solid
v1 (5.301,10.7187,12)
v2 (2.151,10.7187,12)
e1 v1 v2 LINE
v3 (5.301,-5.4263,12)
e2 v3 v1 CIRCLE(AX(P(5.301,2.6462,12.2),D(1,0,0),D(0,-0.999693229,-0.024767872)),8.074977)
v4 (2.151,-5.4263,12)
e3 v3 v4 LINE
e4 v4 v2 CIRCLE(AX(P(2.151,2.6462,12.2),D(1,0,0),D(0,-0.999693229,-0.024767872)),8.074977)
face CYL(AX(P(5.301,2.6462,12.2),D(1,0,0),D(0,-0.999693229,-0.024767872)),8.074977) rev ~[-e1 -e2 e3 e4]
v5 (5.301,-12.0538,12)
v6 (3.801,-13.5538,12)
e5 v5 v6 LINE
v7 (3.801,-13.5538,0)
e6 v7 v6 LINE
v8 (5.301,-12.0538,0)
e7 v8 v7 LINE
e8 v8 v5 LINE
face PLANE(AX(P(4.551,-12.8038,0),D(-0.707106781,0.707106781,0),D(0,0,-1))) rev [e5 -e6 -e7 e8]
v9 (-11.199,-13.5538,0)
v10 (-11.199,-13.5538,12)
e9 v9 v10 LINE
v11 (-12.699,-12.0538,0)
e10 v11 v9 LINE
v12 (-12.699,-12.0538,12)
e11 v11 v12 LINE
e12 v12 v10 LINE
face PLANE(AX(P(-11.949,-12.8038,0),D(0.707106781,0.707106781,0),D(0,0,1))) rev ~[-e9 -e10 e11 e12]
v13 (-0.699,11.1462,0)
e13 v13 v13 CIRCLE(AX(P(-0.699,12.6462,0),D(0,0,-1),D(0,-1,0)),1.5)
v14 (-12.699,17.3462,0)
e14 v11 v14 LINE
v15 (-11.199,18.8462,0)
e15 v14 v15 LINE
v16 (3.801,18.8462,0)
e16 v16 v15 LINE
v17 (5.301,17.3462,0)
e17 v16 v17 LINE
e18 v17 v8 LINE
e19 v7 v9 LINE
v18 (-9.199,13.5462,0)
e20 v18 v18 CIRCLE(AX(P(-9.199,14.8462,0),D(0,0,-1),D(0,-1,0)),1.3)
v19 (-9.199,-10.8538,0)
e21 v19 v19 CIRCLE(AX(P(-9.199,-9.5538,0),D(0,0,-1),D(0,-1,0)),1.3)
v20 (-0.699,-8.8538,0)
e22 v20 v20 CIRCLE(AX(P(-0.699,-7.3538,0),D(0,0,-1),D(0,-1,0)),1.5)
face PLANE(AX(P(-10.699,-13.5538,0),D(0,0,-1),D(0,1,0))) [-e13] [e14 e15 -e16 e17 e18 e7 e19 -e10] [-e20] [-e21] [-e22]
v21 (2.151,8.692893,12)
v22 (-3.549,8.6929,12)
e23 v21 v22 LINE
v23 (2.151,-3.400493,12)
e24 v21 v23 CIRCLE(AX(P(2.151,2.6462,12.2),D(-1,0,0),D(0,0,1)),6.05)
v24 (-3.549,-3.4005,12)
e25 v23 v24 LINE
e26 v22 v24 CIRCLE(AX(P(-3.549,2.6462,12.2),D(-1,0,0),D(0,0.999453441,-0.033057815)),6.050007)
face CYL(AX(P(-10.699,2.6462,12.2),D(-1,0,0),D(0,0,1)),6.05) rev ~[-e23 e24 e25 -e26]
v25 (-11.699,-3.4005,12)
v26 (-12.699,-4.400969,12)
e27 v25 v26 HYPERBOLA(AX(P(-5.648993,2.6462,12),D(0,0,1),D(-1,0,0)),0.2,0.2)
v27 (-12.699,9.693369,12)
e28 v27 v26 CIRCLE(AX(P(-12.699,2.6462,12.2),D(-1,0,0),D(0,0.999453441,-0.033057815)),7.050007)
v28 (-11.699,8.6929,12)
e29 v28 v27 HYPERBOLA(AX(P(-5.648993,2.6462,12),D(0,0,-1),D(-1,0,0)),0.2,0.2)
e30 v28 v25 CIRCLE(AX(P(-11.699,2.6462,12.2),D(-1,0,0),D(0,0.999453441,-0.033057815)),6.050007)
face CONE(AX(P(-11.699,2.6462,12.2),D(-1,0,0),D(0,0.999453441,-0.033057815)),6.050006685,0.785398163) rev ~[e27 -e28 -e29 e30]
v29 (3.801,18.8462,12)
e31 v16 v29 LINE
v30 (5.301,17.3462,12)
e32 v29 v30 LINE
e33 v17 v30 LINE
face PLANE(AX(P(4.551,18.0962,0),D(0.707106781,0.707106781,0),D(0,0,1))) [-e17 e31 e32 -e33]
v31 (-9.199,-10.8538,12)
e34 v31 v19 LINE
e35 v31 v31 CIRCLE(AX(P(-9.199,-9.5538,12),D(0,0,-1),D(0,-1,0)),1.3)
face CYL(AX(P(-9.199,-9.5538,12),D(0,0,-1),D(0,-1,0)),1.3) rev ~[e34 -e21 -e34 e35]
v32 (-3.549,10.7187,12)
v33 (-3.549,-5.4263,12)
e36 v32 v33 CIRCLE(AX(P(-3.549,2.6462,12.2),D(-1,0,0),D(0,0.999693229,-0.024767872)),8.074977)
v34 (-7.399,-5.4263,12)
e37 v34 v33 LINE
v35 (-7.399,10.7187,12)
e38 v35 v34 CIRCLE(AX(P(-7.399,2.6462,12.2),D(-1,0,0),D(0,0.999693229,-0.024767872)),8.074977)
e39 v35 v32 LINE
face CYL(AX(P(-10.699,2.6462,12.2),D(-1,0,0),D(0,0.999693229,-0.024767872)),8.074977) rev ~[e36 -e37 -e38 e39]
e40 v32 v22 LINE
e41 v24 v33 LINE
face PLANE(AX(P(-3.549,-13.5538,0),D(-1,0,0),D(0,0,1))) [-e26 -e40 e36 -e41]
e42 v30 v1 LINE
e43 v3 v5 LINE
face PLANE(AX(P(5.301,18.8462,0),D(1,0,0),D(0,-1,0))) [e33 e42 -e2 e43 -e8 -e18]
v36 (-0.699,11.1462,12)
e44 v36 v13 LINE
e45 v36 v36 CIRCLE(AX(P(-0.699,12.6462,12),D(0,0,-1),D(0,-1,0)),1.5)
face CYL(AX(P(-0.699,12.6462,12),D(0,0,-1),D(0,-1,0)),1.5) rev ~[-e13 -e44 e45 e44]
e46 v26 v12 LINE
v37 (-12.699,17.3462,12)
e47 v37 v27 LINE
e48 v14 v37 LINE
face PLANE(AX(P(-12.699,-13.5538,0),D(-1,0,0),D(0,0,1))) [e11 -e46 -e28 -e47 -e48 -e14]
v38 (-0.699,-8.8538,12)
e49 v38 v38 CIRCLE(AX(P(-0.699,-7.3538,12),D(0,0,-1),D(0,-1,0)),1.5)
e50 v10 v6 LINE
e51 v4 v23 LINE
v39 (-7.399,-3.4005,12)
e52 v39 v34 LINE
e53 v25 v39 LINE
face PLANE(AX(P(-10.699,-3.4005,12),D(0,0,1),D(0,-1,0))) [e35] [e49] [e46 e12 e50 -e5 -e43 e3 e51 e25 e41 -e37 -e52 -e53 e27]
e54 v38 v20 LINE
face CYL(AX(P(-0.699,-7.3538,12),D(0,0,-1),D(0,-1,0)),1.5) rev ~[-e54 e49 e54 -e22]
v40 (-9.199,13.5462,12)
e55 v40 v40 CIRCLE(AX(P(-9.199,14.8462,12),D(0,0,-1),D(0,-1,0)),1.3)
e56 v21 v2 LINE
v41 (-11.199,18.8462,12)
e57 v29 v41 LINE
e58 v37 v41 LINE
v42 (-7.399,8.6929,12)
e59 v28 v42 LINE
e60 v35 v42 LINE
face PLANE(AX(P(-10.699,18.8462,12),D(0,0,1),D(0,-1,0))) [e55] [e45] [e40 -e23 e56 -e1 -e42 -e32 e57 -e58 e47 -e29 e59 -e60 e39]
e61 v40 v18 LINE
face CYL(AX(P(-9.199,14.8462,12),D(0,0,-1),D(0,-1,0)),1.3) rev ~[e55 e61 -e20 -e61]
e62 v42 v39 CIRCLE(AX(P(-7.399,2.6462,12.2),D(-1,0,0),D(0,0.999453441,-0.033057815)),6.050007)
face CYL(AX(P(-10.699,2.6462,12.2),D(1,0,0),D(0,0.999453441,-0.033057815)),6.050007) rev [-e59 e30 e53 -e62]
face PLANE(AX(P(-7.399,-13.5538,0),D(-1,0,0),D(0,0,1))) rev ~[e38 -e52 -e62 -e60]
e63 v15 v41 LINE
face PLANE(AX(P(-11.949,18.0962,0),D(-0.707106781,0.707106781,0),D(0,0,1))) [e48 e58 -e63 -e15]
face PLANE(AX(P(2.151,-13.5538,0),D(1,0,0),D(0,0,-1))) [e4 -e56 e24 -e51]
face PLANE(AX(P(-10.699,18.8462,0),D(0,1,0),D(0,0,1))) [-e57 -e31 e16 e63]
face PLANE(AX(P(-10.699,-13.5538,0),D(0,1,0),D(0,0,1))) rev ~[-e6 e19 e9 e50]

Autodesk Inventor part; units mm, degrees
ref_plane "YZ Plane" through (0, 0, 0) normal (1, 0, 0) x (0, 1, 0)
ref_plane "XZ Plane" through (0, 0, 0) normal (0, 1, 0) x (-1, 0, 0)
ref_plane "XY Plane" through (0, 0, 0) normal (0, 0, 1) x (1, 0, 0)
sketch "Szkic1" plane through (0, 0, 0) normal (0, 0, 1) x (1, 0, 0)
  line L0 (-10.699, 18.8462) -> (5.301, 18.8462)
  line L1 (5.301, 18.8462) -> (5.301, -13.5538)
  line L2 (5.301, -13.5538) -> (-10.699, -13.5538)
  line L3 (-10.699, -13.5538) -> (-10.699, 18.8462)
  point P0 (0, 0)
  dimension "d0" = 16
  dimension "d1" = 32.4
extrude "Wyciągnięcie proste1" add sketch "Szkic1" along normal blind 12
sketch "Szkic2" plane through (-10.699, -13.5538, 0) normal (-1, 0, 0) x (0, 0, 1)
  line L0 (0, 0) -> (0, 32.4) projected
  line L1 (0, 0) -> (12, 0) projected
  line L2 (12, 32.4) -> (12, 0) projected
  line L3 (0, 32.4) -> (12, 32.4) projected
  line L4 (12, 32.4) -> (12, 0) projected
  circle A0 centre (12.2, 16.2) radius 6.05
  point P0 (0, 13.5538)
  dimension "d4" = 32.4
  dimension "d6" = 12.1
  dimension "d66" = 16.2
  dimension "d67" = 0.2
extrude "Wyciągnięcie proste2" cut sketch "Szkic2" against normal blind 13 contours A0 L2 | L2 A0
sketch "Szkic3" plane through (-10.699, -13.5538, 0) normal (-1, 0, 0) x (0, 0, 1)
  arc A0 (12, 22.2467) -> (12, 10.1533) centre (12.2, 16.2) ccw projected
  line L0 (12, 32.4) -> (12, 22.2467) projected
  line L1 (0, 32.4) -> (12, 32.4) projected
  line L2 (0, 0) -> (0, 32.4) projected
  line L3 (0, 0) -> (12, 0) projected
  line L4 (12, 10.1533) -> (12, 0) projected
  arc A1 (12, 24.2725) -> (12, 8.1275) centre (12.2, 16.2) ccw
  point P0 (0, 13.5538)
  dimension "d9" = 16.15
extrude "Wyciągnięcie proste3" cut sketch "Szkic3" against normal blind 7.15 contours A0 L4 A1 L0
extrude "Wyciągnięcie proste4" add sketch "Szkic3" against normal blind 3.3 contours A0 L4 A1 L0
sketch "Szkic6" plane through (5.301, -13.5538, 0) normal (1, 0, 0) x (0, 0, -1)
  arc A0 (-12, 8.1275) -> (-12, 24.2725) centre (-12.2, 16.2) ccw projected
  line L0 (0, 32.4) -> (0, 0) projected
  line L1 (0, 32.4) -> (-12, 32.4) projected
  line L2 (-12, 0) -> (-12, 32.4) projected
  line L3 (0, 0) -> (-12, 0) projected
  arc A1 (-12, 8.1275) -> (-12, 24.2725) centre (-12.2, 16.2) ccw
  point P0 (0, 13.5538)
extrude "Wyciągnięcie proste5" cut sketch "Szkic6" against normal blind 3.15 contours L2 A0
sketch "Szkic7" plane through (0, 0, 12) normal (0, 0, 1) x (1, 0, 0)
  line L0 (5.301, -5.4264) -> (2.151, -5.4264) projected
  line L1 (2.151, -5.4264) -> (2.151, -3.4005) projected
  line L2 (2.151, -3.4005) -> (-3.549, -3.4005) projected
  line L3 (-3.549, -3.4005) -> (-3.549, -5.4264) projected
  line L4 (-3.549, -5.4264) -> (-7.399, -5.4264) projected
  line L5 (-7.399, -3.4005) -> (-7.399, -5.4264) projected
  line L6 (-10.699, -3.4005) -> (-7.399, -3.4005) projected
  line L7 (-10.699, -3.4005) -> (-10.699, -13.5538) projected
  line L8 (-10.699, -13.5538) -> (5.301, -13.5538) projected
  line L9 (5.301, -13.5538) -> (5.301, -5.4264) projected
  line L10 (2.151, 10.7187) -> (5.301, 10.7187) projected
  line L11 (5.301, 10.7187) -> (5.301, 18.8462) projected
  line L12 (5.301, 18.8462) -> (-10.699, 18.8462) projected
  line L13 (-10.699, 18.8462) -> (-10.699, 8.6929) projected
  line L14 (-10.699, 8.6929) -> (-7.399, 8.6929) projected
  line L15 (-7.399, 10.7187) -> (-7.399, 8.6929) projected
  line L16 (-7.399, 10.7187) -> (-3.549, 10.7187) projected
  line L17 (-3.549, 10.7187) -> (-3.549, 8.6929) projected
  line L18 (-3.549, 8.6929) -> (2.151, 8.6929) projected
  line L19 (2.151, 8.6929) -> (2.151, 10.7187) projected
  point P0 (0, 0)
  point P1 (-0.699, -7.3538)
  point P2 (-0.699, 12.6462)
  dimension "d46" = 20
  dimension "d47" = 32.4
  dimension "d48" = 6.2
  dimension "d49" = 6.2
  dimension "d50" = 5.7
  dimension "d68" = 10
  dimension "d69" = 10
hole "Otwór3" at (-0.699, -7.3538, 12) at (-0.699, 12.6462, 12) direction (0, 0, -1) diameter 3 end through all
sketch "Szkic8" plane through (-10.699, -13.5538, 0) normal (-1, 0, 0) x (0, 0, 1)
  line L0 (12, 32.4) -> (12, 22.2467) projected
  line L1 (0, 32.4) -> (12, 32.4) projected
  line L2 (0, 0) -> (0, 32.4) projected
  line L3 (0, 0) -> (12, 0) projected
  line L4 (12, 10.1533) -> (12, 0) projected
  arc A0 (12, 22.2467) -> (12, 10.1533) centre (12.2, 16.2) ccw projected
  point P0 (0, 13.5538)
extrude "Wyciągnięcie proste6" add sketch "Szkic8" along normal blind 2
chamfer "Faza4" distance 1 angle 45 1 edges at (-12.699, 2.6462, 6.15)
chamfer "Faza5" distance 1.5 angle 45 4 edges at (-12.699, 18.8462, 6) (5.301, 18.8462, 6) (-12.699, -13.5538, 6) (5.301, -13.5538, 6)
sketch "Szkic9" plane through (0, 0, 12) normal (0, 0, 1) x (1, 0, 0)
  line L0 (5.301, -12.0538) -> (3.801, -13.5538) projected
  line L1 (5.301, -12.0538) -> (5.301, -5.4264) projected
  line L2 (5.301, -5.4264) -> (2.151, -5.4264) projected
  line L3 (2.151, -5.4264) -> (2.151, -3.4005) projected
  line L4 (2.151, -3.4005) -> (-3.549, -3.4005) projected
  line L5 (-3.549, -3.4005) -> (-3.549, -5.4264) projected
  line L6 (-3.549, -5.4264) -> (-7.399, -5.4264) projected
  line L7 (-7.399, -3.4005) -> (-7.399, -5.4264) projected
  line L8 (-11.699, -3.4005) -> (-7.399, -3.4005) projected
  line L9 (-12.699, -12.0538) -> (-12.699, -4.401) projected
  line L10 (-11.199, -13.5538) -> (-12.699, -12.0538) projected
  line L11 (3.801, -13.5538) -> (-11.199, -13.5538) projected
  circle A0 centre (-0.699, -7.3538) radius 1.5 projected
  line L12 (3.801, 18.8462) -> (5.301, 17.3462) projected
  line L13 (3.801, 18.8462) -> (-11.199, 18.8462) projected
  line L14 (-12.699, 17.3462) -> (-11.199, 18.8462) projected
  line L15 (-12.699, 9.6933) -> (-12.699, 17.3462) projected
  line L16 (-7.399, 8.6929) -> (-11.699, 8.6929) projected
  line L17 (-7.399, 10.7187) -> (-7.399, 8.6929) projected
  line L18 (-7.399, 10.7187) -> (-3.549, 10.7187) projected
  line L19 (-3.549, 10.7187) -> (-3.549, 8.6929) projected
  line L20 (-3.549, 8.6929) -> (2.151, 8.6929) projected
  line L21 (2.151, 8.6929) -> (2.151, 10.7187) projected
  line L22 (2.151, 10.7187) -> (5.301, 10.7187) projected
  line L23 (5.301, 10.7187) -> (5.301, 17.3462) projected
  circle A1 centre (-0.699, 12.6462) radius 1.5 projected
  point P0 (0, 0)
  point P1 (-9.199, -9.5538)
  point P2 (-9.199, 14.8462)
  dimension "d78" = 3.5
  dimension "d79" = 3.5
  dimension "d80" = 4
  dimension "d81" = 4
hole "Otwór4" at (-9.199, -9.5538, 12) at (-9.199, 14.8462, 12) direction (0, 0, -1) diameter 2.6 end through all
equation "\"d48\" = -0.5 * d46 + 0.5 * d47"
properties part number "3DP_ABS_E3D_V6_Mount_Clamp"
